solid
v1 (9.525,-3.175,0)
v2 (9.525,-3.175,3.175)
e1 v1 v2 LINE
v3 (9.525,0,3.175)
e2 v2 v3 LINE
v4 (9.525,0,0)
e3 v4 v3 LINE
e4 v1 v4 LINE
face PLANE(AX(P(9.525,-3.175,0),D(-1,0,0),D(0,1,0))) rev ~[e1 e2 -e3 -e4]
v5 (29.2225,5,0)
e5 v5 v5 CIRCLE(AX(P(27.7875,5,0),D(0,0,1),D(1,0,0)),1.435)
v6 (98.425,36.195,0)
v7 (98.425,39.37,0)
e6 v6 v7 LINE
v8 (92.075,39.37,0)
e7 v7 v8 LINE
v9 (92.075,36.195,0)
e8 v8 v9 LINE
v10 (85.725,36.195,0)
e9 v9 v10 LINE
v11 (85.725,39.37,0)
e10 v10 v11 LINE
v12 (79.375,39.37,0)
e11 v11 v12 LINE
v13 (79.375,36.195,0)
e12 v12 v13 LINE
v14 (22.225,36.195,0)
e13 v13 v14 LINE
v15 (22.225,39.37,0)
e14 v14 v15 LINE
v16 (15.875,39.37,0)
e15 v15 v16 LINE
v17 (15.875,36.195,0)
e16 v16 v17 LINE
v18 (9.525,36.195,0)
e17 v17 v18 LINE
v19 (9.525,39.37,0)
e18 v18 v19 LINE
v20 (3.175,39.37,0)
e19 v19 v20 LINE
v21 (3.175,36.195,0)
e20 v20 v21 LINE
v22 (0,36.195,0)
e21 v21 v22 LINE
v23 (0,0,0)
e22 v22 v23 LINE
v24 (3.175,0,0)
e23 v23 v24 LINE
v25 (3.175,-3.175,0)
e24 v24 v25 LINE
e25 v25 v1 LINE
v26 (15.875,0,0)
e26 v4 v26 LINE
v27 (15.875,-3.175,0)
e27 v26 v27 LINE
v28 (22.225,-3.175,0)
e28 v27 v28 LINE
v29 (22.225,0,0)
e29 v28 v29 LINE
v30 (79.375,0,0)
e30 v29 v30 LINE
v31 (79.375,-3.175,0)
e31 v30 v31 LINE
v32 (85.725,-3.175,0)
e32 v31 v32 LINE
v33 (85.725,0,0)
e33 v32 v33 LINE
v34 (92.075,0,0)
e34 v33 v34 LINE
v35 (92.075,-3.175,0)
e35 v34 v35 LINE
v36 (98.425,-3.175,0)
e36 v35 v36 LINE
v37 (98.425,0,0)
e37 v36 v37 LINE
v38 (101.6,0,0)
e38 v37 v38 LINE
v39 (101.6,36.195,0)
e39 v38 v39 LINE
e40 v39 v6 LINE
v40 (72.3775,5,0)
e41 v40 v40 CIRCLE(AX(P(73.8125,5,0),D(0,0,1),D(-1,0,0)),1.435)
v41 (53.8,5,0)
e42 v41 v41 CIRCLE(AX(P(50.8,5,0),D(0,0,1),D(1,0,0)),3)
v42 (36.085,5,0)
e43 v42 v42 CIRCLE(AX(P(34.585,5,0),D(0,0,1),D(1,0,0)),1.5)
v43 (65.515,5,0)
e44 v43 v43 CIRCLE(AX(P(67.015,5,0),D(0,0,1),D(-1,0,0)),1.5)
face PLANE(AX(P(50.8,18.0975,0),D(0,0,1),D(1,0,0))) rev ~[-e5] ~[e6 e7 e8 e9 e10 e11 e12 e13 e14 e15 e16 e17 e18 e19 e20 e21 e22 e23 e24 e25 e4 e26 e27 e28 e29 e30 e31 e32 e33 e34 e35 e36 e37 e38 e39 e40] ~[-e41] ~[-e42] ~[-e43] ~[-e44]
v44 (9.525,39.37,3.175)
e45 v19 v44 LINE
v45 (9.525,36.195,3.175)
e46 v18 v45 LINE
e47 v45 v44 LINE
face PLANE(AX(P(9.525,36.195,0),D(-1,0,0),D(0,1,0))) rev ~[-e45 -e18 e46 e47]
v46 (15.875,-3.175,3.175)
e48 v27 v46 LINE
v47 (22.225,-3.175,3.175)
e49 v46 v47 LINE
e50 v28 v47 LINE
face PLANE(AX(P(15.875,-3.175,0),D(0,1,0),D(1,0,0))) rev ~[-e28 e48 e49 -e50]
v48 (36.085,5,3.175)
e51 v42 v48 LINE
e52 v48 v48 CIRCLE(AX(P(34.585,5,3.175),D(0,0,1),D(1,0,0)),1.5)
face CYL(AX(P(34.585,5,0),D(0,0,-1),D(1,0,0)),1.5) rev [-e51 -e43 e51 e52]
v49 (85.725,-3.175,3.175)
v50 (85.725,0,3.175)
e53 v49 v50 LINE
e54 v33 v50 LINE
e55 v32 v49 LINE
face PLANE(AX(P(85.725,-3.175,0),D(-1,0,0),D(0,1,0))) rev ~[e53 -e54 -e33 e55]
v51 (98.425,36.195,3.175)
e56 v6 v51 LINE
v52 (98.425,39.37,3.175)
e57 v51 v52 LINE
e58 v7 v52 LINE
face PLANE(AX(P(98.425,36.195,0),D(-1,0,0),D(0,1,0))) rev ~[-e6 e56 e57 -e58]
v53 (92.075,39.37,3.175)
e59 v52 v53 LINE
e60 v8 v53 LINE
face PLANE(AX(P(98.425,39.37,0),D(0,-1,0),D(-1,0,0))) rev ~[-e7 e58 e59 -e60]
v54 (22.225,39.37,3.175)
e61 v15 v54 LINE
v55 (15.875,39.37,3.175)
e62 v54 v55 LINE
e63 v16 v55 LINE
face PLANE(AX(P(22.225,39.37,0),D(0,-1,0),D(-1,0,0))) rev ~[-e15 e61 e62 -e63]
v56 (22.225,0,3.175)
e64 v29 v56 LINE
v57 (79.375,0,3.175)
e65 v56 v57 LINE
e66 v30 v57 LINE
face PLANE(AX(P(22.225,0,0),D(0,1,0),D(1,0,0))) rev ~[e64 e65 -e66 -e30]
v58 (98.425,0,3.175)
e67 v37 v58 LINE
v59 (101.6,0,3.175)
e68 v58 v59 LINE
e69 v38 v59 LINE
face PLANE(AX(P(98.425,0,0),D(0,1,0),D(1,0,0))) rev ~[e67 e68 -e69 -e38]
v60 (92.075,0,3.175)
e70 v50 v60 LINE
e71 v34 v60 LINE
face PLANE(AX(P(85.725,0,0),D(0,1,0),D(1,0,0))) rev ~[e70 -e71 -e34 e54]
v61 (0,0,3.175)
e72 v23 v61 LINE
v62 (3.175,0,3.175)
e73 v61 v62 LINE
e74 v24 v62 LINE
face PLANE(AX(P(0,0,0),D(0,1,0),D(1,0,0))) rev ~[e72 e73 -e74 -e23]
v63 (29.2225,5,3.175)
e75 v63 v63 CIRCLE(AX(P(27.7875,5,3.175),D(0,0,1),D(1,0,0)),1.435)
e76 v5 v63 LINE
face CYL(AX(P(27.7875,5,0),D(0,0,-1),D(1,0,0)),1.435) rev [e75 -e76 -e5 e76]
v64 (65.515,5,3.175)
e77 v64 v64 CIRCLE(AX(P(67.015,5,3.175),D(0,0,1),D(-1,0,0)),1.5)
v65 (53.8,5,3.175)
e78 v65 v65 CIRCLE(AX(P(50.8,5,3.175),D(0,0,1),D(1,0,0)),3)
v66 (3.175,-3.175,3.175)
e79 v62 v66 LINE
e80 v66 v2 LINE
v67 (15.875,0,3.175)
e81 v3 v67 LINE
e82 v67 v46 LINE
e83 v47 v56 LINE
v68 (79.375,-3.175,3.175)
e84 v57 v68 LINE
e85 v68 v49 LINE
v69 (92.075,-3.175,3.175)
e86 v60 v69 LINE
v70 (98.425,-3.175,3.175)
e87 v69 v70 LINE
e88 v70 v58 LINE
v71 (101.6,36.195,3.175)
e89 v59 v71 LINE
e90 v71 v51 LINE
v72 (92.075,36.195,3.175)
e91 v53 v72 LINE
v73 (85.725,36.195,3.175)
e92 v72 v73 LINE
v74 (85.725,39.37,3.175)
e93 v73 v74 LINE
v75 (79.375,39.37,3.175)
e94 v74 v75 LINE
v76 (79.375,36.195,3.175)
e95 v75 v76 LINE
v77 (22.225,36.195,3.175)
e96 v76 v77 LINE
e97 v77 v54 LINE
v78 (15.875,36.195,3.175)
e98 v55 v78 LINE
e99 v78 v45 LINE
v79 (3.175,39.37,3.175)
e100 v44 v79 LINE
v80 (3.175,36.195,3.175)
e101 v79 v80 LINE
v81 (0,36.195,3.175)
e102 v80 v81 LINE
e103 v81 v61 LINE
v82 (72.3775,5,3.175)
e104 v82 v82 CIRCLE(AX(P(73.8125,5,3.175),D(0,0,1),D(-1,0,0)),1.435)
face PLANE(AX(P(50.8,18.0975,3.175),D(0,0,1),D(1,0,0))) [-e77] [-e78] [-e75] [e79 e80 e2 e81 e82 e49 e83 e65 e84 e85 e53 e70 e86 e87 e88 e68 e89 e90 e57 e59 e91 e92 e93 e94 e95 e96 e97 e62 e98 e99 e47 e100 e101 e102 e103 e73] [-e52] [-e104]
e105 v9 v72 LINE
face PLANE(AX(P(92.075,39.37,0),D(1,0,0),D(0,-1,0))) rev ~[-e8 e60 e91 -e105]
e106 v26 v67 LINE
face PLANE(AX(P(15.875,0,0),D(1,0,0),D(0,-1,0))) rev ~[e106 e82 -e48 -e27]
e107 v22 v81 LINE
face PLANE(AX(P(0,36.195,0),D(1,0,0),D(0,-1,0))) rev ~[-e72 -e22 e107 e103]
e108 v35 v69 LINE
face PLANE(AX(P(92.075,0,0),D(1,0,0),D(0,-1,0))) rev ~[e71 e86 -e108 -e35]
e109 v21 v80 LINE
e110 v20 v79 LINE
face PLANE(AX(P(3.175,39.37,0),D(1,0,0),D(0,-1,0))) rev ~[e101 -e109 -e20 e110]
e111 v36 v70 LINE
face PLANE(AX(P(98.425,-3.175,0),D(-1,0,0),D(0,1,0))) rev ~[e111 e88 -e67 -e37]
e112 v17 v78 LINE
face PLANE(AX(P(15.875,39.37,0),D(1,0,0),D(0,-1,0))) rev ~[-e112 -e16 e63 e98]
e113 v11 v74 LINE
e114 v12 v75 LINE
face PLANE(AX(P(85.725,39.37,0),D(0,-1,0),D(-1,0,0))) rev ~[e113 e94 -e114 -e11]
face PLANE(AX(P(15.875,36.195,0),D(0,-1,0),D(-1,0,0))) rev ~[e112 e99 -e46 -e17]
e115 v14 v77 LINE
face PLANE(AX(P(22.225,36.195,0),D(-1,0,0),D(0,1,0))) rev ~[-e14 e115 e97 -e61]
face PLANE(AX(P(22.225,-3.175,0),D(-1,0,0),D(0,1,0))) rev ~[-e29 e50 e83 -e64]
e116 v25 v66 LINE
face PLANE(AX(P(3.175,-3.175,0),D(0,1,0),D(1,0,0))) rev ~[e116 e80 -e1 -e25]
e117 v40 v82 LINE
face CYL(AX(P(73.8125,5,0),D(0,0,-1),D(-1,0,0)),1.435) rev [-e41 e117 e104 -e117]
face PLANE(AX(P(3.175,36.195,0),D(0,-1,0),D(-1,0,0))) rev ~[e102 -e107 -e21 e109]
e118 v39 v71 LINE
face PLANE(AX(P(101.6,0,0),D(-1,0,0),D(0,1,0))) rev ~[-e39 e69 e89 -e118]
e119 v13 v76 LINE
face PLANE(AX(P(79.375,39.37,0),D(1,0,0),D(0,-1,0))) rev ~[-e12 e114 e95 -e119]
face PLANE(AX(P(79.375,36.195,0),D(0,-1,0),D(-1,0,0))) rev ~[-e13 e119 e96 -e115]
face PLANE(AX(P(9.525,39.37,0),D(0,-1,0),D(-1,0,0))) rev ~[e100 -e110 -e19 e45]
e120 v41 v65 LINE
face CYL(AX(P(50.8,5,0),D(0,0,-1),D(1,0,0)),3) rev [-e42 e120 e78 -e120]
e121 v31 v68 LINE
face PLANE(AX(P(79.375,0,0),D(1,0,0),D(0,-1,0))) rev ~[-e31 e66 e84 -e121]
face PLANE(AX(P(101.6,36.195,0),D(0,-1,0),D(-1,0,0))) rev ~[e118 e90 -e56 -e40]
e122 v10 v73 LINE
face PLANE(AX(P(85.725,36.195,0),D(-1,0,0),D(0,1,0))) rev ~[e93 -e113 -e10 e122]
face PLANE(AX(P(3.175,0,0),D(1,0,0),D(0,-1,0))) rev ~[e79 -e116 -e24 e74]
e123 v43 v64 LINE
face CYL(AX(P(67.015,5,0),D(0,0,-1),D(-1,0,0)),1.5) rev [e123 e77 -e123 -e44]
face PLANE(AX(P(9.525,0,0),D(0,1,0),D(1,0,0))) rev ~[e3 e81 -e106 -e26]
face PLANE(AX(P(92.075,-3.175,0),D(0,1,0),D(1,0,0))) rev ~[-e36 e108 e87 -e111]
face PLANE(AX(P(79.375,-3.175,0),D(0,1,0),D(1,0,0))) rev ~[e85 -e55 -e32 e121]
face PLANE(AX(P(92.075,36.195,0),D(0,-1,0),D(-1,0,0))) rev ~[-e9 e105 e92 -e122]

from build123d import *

# Parameters (mm, degrees)
SKETCH1_R           = 1.5
SKETCH1_R_2         = 1.435
SKETCH1_R_3         = 3
BOSS_EXTRUDE1_DEPTH = 3.175


with BuildPart() as part:
    # Sketch1 → Boss-Extrude1 (new body)
    with BuildSketch(Plane.XY):
        Polygon((3.175, 0), (3.175, -3.175), (9.525, -3.175), (9.525, 0), (15.875, 0), (15.875, -3.175), (22.225, -3.175), (22.225, 0), (79.375, 0), (79.375, -3.175), (85.725, -3.175), (85.725, 0), (92.075, 0), (92.075, -3.175), (98.425, -3.175), (98.425, 0), (101.6, 0), (101.6, 36.195), (98.425, 36.195), (98.425, 39.37), (92.075, 39.37), (92.075, 36.195), (85.725, 36.195), (85.725, 39.37), (79.375, 39.37), (79.375, 36.195), (22.225, 36.195), (22.225, 39.37), (15.875, 39.37), (15.875, 36.195), (9.525, 36.195), (9.525, 39.37), (3.175, 39.37), (3.175, 36.195), (0, 36.195), (0, 0), align=None)
        with Locations((34.585, 5)):
            Circle(SKETCH1_R, mode=Mode.SUBTRACT)
        with Locations((27.7875, 5)):
            Circle(SKETCH1_R_2, mode=Mode.SUBTRACT)
        with Locations(Location((67.015, 5, 0), (0, 0, 180))):
            Circle(SKETCH1_R, mode=Mode.SUBTRACT)
        with Locations(Location((73.8125, 5, 0), (0, 0, 180))):
            Circle(SKETCH1_R_2, mode=Mode.SUBTRACT)
        with Locations((50.8, 5)):
            Circle(SKETCH1_R_3, mode=Mode.SUBTRACT)
    extrude(amount=BOSS_EXTRUDE1_DEPTH)


solid = part.part
